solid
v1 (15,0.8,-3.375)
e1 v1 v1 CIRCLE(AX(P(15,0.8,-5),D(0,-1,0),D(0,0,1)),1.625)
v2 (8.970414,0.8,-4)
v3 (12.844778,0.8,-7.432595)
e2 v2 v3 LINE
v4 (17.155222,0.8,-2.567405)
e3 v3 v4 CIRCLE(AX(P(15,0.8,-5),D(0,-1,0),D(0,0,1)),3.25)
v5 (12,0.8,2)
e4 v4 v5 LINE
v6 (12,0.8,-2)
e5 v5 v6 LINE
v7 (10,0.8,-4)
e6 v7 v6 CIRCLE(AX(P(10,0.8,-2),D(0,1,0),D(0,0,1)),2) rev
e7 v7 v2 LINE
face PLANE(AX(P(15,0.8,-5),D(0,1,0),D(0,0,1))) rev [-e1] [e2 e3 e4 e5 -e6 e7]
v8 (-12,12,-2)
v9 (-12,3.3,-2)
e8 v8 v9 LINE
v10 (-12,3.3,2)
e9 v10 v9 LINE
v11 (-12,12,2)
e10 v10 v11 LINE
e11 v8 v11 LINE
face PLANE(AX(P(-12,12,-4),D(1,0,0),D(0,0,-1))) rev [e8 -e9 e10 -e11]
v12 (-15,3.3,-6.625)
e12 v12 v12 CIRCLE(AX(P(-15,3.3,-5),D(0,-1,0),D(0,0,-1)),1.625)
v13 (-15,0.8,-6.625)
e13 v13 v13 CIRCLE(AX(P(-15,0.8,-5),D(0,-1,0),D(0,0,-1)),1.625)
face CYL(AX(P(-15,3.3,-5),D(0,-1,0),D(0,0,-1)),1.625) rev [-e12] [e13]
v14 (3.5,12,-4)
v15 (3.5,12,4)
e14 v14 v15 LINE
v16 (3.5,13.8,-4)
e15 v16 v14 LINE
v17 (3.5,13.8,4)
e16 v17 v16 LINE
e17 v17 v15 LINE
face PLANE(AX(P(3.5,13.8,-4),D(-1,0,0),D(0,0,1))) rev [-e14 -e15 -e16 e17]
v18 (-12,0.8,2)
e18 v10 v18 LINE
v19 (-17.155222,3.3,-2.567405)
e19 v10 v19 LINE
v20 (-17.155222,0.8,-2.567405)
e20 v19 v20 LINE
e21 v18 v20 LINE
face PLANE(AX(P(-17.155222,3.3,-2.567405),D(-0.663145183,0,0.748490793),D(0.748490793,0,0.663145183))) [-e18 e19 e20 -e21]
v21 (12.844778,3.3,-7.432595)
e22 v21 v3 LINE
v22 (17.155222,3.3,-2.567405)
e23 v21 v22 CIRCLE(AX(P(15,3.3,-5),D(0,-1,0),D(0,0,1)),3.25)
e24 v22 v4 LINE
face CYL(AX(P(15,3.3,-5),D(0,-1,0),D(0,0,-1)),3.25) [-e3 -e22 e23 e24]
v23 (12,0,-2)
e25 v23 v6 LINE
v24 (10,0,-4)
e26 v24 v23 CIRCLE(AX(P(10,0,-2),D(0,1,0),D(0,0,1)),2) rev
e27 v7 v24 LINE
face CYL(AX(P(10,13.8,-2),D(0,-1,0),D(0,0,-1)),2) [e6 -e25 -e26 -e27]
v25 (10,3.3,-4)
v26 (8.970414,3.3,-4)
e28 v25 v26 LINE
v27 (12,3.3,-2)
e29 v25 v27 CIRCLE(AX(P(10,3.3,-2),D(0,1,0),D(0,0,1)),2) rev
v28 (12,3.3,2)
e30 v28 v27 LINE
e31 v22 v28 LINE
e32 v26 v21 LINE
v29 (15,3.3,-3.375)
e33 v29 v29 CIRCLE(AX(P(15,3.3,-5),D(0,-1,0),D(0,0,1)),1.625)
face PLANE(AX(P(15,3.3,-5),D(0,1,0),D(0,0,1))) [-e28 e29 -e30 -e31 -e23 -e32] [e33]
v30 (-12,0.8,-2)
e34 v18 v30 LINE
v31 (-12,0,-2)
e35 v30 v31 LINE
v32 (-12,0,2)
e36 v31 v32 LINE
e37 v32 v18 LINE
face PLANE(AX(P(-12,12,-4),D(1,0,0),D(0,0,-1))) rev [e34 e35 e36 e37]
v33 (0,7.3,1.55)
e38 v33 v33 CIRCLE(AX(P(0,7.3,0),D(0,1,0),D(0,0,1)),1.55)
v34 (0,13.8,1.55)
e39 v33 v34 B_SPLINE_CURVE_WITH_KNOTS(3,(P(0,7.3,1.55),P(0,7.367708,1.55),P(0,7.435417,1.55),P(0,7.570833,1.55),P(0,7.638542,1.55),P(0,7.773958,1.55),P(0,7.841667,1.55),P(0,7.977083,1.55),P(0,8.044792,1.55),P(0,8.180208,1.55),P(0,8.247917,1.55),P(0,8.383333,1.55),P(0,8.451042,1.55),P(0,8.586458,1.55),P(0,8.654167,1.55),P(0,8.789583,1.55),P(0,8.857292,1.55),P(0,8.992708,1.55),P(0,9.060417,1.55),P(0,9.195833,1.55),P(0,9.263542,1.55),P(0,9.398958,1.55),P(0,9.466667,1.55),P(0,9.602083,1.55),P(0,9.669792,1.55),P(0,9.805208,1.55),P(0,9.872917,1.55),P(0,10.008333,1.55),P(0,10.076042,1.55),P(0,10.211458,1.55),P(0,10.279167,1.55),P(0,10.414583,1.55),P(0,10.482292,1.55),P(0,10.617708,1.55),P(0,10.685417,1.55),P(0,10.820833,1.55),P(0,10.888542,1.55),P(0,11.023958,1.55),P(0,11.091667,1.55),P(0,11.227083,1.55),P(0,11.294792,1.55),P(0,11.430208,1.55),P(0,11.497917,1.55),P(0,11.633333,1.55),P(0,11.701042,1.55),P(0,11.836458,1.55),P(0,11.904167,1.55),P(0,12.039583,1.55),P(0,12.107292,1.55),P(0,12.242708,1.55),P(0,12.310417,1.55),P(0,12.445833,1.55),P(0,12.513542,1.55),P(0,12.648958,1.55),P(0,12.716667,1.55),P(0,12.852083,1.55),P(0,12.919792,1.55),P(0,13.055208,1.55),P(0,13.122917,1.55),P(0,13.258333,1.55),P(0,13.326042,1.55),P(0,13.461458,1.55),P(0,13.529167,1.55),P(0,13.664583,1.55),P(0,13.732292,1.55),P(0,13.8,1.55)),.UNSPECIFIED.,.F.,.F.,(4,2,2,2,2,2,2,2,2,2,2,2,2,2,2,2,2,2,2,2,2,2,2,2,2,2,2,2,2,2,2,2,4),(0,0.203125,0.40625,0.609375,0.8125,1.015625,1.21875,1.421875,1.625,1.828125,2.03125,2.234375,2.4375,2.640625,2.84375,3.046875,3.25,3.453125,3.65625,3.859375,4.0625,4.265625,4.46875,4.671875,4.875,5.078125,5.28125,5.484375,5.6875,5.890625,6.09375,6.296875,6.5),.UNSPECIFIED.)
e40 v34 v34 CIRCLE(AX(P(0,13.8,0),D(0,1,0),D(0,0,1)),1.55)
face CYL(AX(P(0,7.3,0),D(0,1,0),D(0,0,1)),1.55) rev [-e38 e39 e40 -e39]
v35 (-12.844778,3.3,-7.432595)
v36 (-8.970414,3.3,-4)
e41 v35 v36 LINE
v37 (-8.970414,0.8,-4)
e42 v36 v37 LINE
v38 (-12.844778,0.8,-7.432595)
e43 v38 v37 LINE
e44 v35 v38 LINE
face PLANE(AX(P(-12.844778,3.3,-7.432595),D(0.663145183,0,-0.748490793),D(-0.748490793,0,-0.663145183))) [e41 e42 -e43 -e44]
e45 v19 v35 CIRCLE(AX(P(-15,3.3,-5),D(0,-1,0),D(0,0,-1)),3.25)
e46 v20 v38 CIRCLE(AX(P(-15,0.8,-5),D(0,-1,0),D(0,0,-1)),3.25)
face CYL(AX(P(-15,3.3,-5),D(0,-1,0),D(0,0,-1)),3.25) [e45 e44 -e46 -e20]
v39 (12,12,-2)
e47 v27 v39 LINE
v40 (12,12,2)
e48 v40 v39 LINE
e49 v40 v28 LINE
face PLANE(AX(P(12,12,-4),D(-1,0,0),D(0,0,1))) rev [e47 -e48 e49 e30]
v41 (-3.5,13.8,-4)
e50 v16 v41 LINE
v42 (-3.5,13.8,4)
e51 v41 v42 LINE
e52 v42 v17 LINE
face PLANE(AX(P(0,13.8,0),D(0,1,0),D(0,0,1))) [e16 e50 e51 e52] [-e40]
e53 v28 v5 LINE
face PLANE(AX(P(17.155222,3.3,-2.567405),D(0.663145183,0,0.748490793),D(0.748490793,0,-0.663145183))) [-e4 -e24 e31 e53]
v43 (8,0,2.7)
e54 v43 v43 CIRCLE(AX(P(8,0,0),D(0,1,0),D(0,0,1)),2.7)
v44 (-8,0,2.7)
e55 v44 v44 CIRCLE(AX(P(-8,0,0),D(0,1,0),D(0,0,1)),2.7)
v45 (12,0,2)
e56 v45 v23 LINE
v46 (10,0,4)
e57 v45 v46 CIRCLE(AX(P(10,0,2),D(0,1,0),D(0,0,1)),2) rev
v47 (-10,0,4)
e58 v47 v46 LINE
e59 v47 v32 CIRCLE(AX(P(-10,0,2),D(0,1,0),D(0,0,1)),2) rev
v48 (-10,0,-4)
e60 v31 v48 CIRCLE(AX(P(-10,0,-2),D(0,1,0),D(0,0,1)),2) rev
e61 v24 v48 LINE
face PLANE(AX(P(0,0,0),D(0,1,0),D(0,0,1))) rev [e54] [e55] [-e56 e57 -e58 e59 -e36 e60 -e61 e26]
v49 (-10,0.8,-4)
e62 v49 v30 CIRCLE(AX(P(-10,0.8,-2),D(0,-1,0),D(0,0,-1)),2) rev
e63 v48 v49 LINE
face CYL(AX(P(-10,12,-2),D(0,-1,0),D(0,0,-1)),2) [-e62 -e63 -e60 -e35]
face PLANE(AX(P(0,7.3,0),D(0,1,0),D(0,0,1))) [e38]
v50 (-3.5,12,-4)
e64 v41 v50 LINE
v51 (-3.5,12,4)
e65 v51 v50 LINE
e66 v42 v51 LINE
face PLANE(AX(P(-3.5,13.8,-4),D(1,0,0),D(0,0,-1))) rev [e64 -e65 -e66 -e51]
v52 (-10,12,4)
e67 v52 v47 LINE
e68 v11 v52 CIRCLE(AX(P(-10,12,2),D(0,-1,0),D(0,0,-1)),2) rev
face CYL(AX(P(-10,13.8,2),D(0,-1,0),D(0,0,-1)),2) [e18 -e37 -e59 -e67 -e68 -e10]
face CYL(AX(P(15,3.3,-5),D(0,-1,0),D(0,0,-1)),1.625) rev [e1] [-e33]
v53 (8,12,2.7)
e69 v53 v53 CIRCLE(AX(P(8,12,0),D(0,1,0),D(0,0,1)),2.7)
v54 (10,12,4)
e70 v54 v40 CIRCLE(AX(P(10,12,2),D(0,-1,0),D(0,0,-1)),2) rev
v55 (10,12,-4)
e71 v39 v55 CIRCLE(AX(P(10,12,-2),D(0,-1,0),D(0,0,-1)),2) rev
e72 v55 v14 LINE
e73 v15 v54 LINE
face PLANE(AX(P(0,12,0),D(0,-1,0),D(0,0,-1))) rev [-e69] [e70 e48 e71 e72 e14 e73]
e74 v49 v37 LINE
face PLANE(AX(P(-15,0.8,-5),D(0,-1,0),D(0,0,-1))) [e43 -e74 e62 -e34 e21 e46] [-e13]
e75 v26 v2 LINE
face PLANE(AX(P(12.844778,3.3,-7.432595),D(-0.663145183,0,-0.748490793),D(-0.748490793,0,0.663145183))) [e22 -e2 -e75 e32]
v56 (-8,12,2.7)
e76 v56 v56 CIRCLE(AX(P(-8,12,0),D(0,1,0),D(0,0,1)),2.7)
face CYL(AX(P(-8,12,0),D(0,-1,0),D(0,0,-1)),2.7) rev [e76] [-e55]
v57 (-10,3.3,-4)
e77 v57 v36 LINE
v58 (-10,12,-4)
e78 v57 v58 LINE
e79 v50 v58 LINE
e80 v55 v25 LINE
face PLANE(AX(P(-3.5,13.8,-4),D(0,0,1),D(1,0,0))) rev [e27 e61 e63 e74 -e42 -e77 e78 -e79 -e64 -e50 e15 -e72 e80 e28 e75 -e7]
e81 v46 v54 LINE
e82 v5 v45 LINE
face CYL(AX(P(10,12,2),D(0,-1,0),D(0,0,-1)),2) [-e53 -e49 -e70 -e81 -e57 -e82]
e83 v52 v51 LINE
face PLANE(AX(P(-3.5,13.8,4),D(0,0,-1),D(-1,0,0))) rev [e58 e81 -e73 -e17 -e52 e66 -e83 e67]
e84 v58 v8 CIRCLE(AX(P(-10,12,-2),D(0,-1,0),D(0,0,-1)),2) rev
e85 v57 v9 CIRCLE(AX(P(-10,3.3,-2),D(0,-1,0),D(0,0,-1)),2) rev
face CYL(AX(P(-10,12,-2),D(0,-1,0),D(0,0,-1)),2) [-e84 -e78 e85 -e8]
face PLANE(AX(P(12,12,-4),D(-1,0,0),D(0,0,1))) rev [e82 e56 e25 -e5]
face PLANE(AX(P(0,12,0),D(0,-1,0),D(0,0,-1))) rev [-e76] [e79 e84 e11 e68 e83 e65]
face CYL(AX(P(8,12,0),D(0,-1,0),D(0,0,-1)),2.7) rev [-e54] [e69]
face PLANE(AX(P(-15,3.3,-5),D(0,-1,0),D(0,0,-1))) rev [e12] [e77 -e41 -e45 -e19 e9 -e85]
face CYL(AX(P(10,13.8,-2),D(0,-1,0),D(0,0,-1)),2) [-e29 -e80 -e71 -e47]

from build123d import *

# Parameters (mm, degrees)
SKETCH25_W          = 7
SKETCH25_H          = 8
BOSS_EXTRUDE5_DEPTH = 13.8
SKETCH26_W          = 24
SKETCH26_H          = 8
SKETCH26_R          = 2.7
BOSS_EXTRUDE6_DEPTH = 12
FILLET1_R           = 2
SKETCH27_R          = 1.55
CUT_EXTRUDE1_DEPTH  = 6.5
SKETCH29_R          = 1.625
BOSS_EXTRUDE8_DEPTH = 2.5


with BuildPart() as part:
    # Sketch25 → Boss-Extrude5 (new body)
    with BuildSketch(Plane(origin=(0, 0, 0), x_dir=(-1, 0, 0), z_dir=(0, 1, 0))):
        Rectangle(SKETCH25_W, SKETCH25_H)
    extrude(amount=BOSS_EXTRUDE5_DEPTH)

    # Sketch26 → Boss-Extrude6 (add)
    with BuildSketch(Plane(origin=(0, 0, 0), x_dir=(-1, 0, 0), z_dir=(0, 1, 0))):
        Rectangle(SKETCH26_W, SKETCH26_H)
        with Locations((-8, 0)):
            Circle(SKETCH26_R, mode=Mode.SUBTRACT)
        with Locations((8, 0)):
            Circle(SKETCH26_R, mode=Mode.SUBTRACT)
    extrude(amount=BOSS_EXTRUDE6_DEPTH)

    # Fillet1
    fillet1_edges = [part.edges().sort_by_distance(p)[0] for p in [
        (12, 6, -4),
        (-12, 6, -4),
        (-12, 6, 4),
        (12, 6, 4),
    ]]
    fillet(fillet1_edges, radius=FILLET1_R)

    # Sketch27 → Cut-Extrude1 (cut)
    with BuildSketch(Plane(origin=(0, 13.8, 0), x_dir=(1, 0, 0), z_dir=(0, 1, 0))):
        Circle(SKETCH27_R)
    extrude(amount=-CUT_EXTRUDE1_DEPTH, mode=Mode.SUBTRACT)

    # Sketch29 → Boss-Extrude8 (add)
    # profile 1 of 2: a face of its own
    with BuildSketch(Plane.XZ.offset(-0.8)):
        with BuildLine():
            Line((-17.155221844, -2.567404924), (-12, 2))
            Line((-12, 2), (-11, -3))
            Line((-11, -3), (-8.970414177, -4))
            Line((-8.970414177, -4), (-12.844778156, -7.432595076))
            ThreePointArc((-12.844778156, -7.432595076), (-17.432595076, -7.155221844), (-17.155221844, -2.567404924))
        make_face()
        with Locations((-15, -5)):
            Circle(SKETCH29_R, mode=Mode.SUBTRACT)
    # profile 2 of 2: a face of its own
    with BuildSketch(Plane.XZ.offset(-0.8)):
        with BuildLine():
            Line((17.155221844, -2.567404924), (12, 2))
            Line((12, 2), (11, -3))
            Line((11, -3), (8.970414177, -4))
            Line((8.970414177, -4), (12.844778156, -7.432595076))
            ThreePointArc((12.844778156, -7.432595076), (17.432595076, -7.155221844), (17.155221844, -2.567404924))
        make_face()
        with Locations((15, -5)):
            Circle(SKETCH29_R, mode=Mode.SUBTRACT)
    extrude(amount=-BOSS_EXTRUDE8_DEPTH)


solid = part.part
